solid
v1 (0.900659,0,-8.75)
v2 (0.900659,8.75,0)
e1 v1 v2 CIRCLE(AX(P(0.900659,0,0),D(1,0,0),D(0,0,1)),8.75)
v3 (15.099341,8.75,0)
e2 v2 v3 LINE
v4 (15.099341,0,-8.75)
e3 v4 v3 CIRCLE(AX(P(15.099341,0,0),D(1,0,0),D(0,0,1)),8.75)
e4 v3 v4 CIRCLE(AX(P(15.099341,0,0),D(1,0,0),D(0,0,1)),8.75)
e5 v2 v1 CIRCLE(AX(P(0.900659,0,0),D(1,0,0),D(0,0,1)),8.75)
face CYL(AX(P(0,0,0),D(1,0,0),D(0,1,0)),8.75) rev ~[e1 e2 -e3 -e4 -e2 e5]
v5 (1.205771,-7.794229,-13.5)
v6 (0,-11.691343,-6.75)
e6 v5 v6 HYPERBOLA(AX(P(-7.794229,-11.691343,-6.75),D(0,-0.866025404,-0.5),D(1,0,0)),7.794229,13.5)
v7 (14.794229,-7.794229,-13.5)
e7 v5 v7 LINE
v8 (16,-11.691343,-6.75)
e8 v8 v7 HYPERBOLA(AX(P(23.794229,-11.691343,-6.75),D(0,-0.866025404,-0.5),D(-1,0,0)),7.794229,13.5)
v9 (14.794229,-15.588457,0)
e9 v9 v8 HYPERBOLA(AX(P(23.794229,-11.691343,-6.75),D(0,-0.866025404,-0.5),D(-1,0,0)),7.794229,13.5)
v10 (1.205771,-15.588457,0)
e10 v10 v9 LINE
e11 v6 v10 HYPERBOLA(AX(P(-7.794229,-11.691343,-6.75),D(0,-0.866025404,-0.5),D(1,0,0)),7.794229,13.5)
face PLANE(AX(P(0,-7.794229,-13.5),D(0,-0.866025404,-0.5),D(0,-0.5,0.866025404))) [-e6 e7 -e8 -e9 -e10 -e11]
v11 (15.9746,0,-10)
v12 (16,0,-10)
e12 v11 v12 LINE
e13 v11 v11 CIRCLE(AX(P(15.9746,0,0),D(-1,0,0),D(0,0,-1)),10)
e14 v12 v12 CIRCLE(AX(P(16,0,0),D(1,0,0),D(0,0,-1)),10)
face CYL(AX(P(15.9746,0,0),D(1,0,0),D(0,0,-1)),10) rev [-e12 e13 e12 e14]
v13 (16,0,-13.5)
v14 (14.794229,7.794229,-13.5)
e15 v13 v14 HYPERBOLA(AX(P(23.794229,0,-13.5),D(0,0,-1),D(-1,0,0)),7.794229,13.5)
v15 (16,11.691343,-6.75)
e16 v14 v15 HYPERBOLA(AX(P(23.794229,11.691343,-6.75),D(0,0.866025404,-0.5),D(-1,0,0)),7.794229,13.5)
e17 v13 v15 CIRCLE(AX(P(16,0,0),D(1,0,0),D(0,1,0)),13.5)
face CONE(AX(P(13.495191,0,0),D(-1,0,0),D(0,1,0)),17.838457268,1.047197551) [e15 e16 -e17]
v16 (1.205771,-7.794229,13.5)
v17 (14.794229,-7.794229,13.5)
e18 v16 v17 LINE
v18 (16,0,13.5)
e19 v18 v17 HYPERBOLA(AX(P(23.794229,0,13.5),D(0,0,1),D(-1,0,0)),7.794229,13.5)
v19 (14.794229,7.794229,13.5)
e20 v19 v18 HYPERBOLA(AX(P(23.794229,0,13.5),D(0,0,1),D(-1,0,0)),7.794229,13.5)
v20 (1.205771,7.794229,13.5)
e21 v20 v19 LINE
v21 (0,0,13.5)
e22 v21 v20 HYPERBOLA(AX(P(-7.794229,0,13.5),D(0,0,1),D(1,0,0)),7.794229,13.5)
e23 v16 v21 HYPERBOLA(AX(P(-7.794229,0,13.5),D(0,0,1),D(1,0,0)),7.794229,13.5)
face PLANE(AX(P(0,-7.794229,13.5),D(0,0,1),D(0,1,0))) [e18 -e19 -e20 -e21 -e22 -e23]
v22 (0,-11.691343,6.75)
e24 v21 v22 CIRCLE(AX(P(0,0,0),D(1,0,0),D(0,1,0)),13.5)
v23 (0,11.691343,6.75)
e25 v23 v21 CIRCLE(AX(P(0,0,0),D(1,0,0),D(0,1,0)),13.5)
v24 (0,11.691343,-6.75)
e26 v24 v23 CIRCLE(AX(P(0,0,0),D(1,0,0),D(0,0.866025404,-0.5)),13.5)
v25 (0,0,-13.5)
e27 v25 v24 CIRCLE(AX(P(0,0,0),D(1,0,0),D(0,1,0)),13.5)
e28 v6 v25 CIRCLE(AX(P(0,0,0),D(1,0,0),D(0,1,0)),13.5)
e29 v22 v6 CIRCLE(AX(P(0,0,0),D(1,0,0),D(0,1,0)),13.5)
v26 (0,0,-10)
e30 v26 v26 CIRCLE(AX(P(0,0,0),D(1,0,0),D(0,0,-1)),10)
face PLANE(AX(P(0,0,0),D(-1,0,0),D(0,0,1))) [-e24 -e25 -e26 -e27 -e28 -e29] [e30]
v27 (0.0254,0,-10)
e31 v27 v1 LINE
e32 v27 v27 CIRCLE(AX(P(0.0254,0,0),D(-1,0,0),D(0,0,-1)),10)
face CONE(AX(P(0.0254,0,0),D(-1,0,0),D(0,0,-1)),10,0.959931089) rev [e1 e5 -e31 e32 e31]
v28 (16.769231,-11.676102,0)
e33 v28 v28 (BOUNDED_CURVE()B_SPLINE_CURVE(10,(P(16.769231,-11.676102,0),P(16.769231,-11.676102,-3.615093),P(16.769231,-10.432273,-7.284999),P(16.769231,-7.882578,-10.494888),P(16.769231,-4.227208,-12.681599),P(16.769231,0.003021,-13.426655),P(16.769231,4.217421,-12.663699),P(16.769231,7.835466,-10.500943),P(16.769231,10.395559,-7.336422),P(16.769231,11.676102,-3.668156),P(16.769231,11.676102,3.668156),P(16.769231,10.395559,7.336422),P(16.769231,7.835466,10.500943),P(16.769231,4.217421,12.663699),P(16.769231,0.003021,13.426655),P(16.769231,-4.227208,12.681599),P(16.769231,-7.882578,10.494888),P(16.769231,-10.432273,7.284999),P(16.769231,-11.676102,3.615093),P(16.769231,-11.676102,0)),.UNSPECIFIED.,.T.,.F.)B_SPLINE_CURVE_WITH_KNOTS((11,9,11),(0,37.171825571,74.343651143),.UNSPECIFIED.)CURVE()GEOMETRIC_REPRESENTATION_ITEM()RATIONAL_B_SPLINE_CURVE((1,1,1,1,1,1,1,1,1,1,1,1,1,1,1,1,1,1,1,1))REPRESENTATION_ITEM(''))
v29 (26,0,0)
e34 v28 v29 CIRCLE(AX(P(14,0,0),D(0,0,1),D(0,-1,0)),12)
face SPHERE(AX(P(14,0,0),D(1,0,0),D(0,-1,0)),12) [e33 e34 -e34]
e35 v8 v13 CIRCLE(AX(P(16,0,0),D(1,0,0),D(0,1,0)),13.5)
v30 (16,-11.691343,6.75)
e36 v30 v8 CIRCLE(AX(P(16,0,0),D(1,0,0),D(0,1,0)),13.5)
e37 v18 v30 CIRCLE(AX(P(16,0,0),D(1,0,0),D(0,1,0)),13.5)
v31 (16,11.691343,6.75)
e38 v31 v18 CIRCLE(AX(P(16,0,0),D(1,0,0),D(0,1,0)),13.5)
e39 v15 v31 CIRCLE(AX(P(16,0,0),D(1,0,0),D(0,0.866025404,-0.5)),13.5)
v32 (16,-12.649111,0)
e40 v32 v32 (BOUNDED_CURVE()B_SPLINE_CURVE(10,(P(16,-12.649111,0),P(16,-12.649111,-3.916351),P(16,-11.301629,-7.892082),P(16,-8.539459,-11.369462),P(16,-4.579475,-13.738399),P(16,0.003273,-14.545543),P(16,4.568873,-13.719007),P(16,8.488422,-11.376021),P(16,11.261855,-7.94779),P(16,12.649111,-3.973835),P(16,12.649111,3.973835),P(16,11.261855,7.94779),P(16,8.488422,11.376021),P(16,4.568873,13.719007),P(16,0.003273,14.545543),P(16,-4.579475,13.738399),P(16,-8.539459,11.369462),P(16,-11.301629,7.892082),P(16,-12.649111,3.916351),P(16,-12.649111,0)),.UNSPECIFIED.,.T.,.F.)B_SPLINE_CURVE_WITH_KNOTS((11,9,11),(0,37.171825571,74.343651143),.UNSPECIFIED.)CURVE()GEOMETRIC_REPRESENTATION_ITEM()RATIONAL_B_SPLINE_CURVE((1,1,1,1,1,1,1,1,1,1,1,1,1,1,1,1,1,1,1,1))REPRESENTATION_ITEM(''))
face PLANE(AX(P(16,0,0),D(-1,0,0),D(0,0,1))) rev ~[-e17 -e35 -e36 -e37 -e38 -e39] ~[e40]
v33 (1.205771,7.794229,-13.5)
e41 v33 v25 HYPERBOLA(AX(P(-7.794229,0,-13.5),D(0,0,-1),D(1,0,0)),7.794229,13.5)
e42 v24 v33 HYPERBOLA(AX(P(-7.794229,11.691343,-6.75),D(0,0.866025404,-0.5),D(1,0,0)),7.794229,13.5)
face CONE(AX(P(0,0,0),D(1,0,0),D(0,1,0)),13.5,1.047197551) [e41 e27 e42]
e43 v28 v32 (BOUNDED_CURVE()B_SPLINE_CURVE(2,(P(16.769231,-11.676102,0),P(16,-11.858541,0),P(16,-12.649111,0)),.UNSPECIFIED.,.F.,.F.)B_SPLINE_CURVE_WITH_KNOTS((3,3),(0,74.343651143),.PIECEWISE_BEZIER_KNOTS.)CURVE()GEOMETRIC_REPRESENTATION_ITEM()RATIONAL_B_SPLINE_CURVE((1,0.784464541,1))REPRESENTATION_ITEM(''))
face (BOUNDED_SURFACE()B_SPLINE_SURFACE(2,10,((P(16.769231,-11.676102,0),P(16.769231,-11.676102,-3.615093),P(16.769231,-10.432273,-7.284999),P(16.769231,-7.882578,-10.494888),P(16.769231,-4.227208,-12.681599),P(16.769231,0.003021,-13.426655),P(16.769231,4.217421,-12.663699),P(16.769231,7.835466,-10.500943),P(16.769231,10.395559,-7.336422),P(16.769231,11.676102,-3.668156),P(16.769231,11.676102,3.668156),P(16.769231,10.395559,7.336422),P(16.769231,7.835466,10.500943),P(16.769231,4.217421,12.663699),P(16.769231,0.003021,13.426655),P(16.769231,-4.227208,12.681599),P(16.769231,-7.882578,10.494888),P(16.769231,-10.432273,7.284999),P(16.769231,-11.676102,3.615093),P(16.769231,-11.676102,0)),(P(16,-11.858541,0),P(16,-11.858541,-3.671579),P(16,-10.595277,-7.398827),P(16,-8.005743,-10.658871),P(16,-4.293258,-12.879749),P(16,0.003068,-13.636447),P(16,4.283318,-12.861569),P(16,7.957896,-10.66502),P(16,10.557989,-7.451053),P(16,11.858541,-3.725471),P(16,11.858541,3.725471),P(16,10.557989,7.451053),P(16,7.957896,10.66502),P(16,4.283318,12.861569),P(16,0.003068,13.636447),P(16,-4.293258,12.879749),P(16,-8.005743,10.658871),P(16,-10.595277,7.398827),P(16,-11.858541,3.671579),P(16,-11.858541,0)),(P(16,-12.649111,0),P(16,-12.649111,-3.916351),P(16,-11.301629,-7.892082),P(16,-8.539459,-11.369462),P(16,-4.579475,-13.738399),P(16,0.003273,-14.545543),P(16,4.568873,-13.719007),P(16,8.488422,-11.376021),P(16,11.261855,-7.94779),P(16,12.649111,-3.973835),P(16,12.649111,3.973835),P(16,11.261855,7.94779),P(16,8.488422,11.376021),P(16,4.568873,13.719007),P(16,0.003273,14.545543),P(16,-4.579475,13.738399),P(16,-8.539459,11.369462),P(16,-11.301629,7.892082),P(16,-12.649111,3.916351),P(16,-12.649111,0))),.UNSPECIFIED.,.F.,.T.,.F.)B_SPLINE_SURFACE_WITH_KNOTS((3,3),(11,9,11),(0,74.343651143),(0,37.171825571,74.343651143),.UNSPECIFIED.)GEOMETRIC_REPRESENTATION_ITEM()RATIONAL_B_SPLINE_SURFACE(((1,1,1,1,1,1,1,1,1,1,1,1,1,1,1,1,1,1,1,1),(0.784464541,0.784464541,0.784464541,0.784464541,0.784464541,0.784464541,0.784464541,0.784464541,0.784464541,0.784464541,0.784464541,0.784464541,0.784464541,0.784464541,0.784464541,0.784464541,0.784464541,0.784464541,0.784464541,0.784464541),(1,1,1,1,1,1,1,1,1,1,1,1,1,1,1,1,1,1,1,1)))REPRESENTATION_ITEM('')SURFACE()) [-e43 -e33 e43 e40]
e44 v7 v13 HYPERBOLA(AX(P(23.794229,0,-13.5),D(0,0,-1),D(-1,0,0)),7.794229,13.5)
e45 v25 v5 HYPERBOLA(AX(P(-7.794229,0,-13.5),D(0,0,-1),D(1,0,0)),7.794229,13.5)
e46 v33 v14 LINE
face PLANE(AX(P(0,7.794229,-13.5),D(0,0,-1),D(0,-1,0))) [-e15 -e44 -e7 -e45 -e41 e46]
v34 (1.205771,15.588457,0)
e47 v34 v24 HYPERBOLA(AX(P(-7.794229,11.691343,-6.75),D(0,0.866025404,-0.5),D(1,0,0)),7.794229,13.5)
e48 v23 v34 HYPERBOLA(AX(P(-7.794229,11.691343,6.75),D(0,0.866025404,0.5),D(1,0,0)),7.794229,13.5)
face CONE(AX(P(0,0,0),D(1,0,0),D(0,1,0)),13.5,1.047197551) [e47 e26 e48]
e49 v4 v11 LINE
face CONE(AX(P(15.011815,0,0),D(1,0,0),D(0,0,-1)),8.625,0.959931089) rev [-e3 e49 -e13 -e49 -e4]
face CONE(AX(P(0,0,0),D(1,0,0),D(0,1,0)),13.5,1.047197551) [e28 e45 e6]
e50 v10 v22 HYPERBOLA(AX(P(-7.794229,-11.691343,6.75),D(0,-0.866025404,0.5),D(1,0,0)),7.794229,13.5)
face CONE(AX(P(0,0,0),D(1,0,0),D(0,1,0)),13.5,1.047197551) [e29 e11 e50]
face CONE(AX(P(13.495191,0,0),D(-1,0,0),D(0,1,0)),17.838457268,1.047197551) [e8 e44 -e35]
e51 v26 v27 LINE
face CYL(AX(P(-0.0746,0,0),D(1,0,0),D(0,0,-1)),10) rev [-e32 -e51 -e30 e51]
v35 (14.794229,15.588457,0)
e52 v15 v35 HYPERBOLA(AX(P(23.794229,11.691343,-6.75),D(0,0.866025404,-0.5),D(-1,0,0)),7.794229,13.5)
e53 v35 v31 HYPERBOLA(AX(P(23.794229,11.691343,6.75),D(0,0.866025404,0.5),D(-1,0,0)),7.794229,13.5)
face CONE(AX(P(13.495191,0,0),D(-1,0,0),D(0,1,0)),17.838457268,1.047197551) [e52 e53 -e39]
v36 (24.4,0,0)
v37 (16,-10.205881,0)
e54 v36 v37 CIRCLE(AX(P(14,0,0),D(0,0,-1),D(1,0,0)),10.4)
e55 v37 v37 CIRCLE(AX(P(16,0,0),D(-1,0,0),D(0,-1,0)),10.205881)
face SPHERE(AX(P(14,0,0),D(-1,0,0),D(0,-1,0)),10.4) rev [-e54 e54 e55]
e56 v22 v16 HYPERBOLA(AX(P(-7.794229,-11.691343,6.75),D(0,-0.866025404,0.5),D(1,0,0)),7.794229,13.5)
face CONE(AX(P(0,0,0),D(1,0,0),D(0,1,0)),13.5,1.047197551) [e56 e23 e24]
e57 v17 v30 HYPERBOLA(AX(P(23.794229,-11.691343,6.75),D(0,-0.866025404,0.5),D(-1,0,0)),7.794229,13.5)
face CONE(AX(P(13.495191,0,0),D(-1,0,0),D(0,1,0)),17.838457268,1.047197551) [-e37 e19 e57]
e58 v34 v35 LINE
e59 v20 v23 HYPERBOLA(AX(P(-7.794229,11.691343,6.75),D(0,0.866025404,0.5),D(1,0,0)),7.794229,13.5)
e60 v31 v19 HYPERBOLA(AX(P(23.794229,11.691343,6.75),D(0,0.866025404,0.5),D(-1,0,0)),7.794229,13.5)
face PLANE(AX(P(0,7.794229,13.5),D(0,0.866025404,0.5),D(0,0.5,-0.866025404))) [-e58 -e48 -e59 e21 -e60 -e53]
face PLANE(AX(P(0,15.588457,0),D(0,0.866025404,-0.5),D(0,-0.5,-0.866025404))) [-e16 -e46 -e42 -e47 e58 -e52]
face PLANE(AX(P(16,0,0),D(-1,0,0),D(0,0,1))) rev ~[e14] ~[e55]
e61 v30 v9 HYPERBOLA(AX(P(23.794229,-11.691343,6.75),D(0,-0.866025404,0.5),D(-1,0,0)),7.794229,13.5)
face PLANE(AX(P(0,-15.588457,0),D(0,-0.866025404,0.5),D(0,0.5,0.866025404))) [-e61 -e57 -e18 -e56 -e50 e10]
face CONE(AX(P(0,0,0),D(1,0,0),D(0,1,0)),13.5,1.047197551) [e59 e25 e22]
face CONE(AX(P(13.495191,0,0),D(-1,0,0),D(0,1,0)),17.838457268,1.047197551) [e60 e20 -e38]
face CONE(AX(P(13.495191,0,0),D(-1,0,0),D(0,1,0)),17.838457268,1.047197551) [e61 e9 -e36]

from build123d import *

# Parameters (mm, degrees)
BASENUT_DEPTH = 16
DOMEFILLET_R  = 1


with BuildPart() as part:
    # BaseNutSke → BaseNut (new body)
    with BuildSketch(Plane(origin=(0, 0, 0), x_dir=(0, 0, -1), z_dir=(1, 0, 0))):
        Polygon((13.5, 7.794228634), (13.5, -7.794228634), (0, -15.588457268), (-13.5, -7.794228634), (-13.5, 7.794228634), (0, 15.588457268), align=None)
    extrude(amount=BASENUT_DEPTH)

    # DomeSke → Dome (revolve)
    with BuildSketch(Plane.XY, mode=Mode.PRIVATE) as dome_sk:
        with BuildLine():
            Line((26, 0), (24.4, 0))
            ThreePointArc((24.4, 0), (21.353910524, 7.353910524), (14, 10.4))
            Line((14, 10.4), (0, 10.4))
            Line((0, 10.4), (0, 12))
            Line((0, 12), (14, 12))
            ThreePointArc((14, 12), (22.485281374, 8.485281374), (26, 0))
        make_face()
    revolve(dome_sk.sketch.rotate(Axis((0, 0, 0), (1, 0, 0)), 180), axis=Axis((0, 0, 0), (1, 0, 0)))

    # Sketch4 → DoubleChamfer (revolve, cut)
    with BuildSketch(Plane.XY):
        Polygon((0, 13.5), (2.504809472, 17.838457268), (13.495190528, 17.838457268), (16, 13.5), (18, 13.5), (18, 28.5), (-2, 28.5), (-2, 13.5), align=None)
    revolve(axis=Axis((0, 0, 0), (1, 0, 0)), mode=Mode.SUBTRACT)

    # TapDriSke → TapDrill (revolve, cut)
    with BuildSketch(Plane.XY):
        Polygon((0, 8.75), (18.4, 8.75), (23.657530416, 0), (0, 0), align=None)
    revolve(axis=Axis((0, 0, 0), (1, 0, 0)), mode=Mode.SUBTRACT)

    # EndChamferSketch → EndChamfer (revolve, cut)
    with BuildSketch(Plane.XY, mode=Mode.PRIVATE) as endchamfer_sk:
        Polygon((-0.0746, 10), (0.0254, 10), (0.988185365, 8.625), (-0.0746, 8.625), align=None)
        Polygon((15.9746, 10), (16.1, 10), (16.1, 8.625), (15.011814635, 8.625), align=None)
    revolve(endchamfer_sk.sketch.rotate(Axis((0, 0, 0), (-1, 0, 0)), 90), axis=Axis((0, 0, 0), (-1, 0, 0)), mode=Mode.SUBTRACT)

    # DomeFillet
    domefillet_edges = [part.edges().sort_by_distance(p)[0] for p in [
        (16, 11.832159566, 0),
    ]]
    fillet(domefillet_edges, radius=DOMEFILLET_R)


solid = part.part
